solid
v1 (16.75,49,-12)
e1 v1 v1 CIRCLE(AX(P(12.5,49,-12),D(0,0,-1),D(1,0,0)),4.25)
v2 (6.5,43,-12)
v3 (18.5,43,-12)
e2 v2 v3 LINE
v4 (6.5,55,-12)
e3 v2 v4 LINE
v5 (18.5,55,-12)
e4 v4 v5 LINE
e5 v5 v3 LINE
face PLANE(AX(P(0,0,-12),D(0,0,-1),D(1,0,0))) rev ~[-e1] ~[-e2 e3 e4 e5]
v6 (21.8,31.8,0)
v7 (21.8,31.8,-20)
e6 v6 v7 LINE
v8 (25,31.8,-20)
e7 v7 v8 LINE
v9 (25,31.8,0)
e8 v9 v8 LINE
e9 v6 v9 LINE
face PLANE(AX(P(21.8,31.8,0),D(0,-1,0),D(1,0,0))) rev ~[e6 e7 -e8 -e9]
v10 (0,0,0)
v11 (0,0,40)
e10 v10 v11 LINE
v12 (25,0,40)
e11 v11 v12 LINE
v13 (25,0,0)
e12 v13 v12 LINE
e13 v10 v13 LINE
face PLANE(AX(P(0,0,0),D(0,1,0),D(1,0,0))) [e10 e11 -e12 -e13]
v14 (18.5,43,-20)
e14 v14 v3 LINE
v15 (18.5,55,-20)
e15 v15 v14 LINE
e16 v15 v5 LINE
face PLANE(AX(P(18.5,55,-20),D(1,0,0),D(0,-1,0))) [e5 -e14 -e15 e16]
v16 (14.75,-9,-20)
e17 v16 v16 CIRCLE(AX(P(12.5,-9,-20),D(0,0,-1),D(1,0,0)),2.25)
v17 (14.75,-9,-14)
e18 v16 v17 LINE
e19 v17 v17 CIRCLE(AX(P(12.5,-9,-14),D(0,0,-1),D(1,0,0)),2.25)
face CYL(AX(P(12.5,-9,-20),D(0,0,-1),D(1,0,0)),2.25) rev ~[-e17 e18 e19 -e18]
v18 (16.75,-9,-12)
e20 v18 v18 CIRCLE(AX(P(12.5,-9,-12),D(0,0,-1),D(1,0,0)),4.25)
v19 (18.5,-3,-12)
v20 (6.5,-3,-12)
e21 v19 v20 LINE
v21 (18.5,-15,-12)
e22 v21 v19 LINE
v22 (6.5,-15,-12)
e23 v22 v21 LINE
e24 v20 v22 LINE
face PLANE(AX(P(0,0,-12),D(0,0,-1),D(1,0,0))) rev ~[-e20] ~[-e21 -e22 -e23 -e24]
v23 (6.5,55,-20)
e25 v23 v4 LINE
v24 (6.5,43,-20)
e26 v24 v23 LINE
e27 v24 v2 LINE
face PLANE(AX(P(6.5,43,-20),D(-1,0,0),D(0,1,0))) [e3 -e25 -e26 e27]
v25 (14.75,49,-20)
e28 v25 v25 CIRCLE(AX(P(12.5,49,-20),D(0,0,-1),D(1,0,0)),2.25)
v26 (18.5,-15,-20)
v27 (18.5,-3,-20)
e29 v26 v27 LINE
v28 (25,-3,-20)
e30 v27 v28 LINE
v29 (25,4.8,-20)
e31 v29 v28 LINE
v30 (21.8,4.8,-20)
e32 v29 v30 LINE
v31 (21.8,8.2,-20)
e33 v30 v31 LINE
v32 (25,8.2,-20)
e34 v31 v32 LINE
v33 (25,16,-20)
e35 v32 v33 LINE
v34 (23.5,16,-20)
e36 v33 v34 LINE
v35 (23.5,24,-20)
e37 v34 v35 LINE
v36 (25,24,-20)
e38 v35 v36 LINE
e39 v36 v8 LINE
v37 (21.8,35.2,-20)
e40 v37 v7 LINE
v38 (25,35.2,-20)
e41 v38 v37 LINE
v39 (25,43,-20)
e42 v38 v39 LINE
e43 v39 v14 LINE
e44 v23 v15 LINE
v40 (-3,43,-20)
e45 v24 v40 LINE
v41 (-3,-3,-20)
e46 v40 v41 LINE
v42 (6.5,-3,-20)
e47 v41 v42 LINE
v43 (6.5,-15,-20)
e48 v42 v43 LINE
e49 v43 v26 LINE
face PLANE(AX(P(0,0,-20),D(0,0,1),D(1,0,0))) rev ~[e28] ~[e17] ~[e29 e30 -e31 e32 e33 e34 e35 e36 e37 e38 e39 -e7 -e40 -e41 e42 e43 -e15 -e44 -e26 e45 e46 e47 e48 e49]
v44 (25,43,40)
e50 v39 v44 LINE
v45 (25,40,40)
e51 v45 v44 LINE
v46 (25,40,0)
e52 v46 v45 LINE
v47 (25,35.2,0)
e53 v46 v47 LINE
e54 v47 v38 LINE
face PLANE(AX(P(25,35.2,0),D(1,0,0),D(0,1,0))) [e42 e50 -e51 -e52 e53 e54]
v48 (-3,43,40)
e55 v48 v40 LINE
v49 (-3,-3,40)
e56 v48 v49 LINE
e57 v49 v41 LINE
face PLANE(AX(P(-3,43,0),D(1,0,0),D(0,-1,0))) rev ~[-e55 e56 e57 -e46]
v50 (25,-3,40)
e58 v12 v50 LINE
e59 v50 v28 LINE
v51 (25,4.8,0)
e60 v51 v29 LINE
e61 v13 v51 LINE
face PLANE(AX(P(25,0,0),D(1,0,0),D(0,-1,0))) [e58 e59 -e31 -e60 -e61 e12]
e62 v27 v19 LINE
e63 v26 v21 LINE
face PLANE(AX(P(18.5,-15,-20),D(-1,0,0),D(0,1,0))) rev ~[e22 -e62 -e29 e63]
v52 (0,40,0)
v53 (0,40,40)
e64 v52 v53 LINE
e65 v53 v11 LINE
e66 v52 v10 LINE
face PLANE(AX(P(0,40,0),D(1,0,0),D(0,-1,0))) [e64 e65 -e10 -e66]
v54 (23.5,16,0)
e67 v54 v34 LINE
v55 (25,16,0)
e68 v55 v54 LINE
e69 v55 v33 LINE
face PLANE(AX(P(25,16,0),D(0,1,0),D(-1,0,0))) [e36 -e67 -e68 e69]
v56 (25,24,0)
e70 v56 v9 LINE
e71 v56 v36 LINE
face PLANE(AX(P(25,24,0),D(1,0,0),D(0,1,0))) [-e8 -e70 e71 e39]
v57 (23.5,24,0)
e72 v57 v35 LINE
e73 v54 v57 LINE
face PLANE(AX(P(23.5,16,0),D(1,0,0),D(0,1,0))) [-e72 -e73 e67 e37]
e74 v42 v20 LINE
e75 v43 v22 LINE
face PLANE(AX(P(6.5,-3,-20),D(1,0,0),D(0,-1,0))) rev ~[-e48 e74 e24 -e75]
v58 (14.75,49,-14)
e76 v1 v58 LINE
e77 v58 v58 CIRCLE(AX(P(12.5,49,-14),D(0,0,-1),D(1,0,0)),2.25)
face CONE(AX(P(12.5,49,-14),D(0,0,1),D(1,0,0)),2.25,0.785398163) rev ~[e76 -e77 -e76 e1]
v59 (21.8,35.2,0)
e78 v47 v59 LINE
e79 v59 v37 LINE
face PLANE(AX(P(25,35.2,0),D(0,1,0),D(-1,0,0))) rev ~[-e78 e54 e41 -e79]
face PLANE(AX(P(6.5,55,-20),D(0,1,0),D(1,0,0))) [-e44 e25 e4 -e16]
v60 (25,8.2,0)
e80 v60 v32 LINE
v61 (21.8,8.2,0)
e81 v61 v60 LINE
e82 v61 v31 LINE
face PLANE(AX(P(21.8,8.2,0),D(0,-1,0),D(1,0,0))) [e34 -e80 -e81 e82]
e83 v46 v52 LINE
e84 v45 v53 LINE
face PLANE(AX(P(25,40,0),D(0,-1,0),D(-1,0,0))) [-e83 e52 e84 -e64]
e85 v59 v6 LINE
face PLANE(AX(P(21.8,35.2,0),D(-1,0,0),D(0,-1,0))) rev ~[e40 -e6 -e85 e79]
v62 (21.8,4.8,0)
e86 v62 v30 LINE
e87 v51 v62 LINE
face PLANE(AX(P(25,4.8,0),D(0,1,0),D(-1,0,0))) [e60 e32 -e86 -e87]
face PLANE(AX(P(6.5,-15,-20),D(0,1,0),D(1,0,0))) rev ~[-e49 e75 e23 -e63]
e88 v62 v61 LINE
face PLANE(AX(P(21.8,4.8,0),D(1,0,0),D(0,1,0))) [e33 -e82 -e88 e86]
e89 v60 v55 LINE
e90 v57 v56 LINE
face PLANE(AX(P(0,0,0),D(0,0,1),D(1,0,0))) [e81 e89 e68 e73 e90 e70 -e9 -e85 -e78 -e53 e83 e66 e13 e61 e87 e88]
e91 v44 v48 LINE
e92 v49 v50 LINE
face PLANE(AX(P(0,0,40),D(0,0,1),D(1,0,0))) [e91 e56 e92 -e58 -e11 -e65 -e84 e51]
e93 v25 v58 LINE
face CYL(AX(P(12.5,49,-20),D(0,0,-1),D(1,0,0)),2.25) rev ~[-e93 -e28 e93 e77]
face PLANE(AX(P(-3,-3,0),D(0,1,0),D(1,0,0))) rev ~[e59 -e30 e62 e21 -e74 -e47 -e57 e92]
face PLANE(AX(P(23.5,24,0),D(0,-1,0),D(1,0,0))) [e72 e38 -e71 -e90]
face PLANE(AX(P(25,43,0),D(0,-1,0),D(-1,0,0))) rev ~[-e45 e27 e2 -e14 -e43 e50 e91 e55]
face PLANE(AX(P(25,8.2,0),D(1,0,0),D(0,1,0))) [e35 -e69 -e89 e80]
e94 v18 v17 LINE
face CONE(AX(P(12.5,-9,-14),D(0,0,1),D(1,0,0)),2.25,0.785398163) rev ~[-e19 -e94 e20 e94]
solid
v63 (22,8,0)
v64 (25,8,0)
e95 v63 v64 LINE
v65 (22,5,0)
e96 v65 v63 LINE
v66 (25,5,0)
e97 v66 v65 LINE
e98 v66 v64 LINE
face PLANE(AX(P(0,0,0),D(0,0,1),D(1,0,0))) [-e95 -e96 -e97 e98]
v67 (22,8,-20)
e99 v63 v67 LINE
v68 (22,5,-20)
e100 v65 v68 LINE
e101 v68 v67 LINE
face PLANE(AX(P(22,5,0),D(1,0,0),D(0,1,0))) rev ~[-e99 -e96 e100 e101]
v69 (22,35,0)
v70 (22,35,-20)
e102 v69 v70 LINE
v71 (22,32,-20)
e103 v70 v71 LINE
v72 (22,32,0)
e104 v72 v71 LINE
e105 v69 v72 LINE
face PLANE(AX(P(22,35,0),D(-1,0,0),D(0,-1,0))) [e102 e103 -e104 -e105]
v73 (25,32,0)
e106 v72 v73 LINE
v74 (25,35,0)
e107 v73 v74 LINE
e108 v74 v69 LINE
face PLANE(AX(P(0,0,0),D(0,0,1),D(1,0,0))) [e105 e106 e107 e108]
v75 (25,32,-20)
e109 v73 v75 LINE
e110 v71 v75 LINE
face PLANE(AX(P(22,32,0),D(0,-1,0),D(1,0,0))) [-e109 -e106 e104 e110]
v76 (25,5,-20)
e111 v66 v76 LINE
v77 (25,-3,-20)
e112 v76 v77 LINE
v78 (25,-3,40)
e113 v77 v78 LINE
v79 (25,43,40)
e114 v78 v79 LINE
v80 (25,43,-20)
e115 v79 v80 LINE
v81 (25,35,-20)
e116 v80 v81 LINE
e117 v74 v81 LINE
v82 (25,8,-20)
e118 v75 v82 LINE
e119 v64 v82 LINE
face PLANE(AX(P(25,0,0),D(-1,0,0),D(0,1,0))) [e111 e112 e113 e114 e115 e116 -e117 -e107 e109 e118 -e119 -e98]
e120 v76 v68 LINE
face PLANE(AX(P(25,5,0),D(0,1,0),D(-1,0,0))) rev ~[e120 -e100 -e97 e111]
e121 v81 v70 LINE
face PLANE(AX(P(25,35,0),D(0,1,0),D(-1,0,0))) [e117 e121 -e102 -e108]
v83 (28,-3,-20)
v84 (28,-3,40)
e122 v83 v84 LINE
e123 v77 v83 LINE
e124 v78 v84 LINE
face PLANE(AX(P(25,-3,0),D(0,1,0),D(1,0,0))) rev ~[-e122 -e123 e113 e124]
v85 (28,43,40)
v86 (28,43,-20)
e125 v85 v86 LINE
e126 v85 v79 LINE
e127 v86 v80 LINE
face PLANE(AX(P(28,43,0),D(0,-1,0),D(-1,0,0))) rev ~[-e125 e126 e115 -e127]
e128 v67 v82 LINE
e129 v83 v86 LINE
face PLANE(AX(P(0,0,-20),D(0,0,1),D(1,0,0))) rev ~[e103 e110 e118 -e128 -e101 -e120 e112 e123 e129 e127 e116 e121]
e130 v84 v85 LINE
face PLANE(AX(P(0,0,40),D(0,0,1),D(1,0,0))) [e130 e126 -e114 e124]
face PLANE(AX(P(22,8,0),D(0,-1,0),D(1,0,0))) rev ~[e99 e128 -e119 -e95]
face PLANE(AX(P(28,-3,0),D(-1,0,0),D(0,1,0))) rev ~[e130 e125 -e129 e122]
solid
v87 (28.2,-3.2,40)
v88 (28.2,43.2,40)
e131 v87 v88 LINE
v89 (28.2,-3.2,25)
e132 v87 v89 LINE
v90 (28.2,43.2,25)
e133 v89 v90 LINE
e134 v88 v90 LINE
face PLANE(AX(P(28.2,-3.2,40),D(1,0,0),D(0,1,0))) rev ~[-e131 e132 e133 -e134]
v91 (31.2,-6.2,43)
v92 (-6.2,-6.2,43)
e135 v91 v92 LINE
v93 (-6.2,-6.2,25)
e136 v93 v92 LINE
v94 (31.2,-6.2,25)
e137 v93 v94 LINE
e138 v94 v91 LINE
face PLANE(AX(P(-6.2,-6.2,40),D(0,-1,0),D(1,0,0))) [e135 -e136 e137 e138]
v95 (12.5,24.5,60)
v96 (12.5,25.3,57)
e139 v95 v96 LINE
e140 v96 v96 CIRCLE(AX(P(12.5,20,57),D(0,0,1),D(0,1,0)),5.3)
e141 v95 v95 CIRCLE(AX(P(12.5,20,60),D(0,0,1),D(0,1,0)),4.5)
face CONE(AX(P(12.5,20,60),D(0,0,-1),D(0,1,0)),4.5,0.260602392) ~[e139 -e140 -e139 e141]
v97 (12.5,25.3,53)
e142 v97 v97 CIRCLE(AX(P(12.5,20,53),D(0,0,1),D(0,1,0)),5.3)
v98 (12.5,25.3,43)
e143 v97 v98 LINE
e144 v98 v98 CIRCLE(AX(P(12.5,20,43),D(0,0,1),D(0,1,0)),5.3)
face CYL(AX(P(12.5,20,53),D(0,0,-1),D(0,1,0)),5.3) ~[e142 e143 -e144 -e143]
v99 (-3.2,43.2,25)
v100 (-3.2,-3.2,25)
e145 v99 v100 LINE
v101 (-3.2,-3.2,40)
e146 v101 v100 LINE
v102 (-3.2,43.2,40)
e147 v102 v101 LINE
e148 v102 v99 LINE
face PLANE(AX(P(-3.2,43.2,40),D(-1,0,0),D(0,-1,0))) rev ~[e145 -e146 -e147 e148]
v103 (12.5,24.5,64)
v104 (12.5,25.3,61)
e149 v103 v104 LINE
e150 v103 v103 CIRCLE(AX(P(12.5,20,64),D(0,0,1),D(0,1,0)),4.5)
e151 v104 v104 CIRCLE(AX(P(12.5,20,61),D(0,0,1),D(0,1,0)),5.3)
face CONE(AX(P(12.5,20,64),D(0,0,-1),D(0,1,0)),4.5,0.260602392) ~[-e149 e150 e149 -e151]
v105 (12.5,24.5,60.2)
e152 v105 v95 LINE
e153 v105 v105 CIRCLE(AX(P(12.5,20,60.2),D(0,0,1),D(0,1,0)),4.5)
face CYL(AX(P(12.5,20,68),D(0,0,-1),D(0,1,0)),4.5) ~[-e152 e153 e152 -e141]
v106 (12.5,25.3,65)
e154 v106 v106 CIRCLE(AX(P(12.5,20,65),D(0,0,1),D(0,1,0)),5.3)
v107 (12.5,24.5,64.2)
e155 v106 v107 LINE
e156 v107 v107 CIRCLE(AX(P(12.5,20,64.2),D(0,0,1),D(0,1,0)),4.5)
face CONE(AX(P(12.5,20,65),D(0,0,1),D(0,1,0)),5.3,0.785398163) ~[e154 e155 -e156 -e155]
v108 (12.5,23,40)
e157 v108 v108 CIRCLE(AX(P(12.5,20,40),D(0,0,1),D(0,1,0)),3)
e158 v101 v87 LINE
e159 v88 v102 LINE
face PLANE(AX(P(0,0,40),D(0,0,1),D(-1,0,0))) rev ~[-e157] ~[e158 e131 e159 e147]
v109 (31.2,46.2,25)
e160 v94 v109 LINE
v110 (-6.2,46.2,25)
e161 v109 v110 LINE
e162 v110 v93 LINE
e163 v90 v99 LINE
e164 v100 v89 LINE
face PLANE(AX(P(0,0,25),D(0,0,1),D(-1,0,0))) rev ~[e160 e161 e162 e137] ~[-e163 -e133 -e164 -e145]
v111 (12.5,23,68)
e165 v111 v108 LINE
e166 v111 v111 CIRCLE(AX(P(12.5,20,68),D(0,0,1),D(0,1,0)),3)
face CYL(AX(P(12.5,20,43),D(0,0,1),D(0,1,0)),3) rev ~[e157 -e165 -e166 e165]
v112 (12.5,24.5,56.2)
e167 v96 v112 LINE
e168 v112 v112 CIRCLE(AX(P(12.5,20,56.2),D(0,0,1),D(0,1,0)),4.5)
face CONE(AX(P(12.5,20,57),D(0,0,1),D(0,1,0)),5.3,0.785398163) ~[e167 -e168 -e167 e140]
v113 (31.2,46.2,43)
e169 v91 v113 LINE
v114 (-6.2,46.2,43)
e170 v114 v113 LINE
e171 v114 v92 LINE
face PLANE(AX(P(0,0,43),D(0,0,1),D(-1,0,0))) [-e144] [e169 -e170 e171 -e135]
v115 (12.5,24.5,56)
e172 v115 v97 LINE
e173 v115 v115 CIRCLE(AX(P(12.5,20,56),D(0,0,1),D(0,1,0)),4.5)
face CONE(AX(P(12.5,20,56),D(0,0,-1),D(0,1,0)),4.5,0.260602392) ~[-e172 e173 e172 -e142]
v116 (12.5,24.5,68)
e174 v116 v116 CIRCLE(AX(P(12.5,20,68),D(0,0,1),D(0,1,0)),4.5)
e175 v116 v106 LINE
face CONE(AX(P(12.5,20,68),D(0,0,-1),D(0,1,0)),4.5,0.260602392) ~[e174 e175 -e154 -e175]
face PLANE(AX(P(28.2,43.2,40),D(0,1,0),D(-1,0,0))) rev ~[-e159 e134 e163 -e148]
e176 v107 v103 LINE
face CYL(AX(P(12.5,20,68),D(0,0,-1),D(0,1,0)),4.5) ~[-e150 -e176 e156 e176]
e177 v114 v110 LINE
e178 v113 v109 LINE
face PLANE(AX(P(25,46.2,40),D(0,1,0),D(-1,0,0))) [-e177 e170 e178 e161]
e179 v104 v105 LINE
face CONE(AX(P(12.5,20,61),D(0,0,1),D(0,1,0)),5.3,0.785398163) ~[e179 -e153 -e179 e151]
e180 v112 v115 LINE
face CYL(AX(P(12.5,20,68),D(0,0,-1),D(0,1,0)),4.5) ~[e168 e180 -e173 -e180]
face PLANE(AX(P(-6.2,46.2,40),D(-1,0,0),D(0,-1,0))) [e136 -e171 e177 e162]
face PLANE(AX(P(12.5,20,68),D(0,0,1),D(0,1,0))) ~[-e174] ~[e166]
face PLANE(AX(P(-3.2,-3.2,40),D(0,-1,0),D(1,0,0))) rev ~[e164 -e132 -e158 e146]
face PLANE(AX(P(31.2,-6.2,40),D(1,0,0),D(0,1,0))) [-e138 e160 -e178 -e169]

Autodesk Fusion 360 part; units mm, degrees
sketch "Sketch1" plane through (0, 0, 0) normal (0, 0, 1) x (1, 0, 0)
  line L0 (0, 0) -> (25, 0)
  line L1 (25, 0) -> (25, 40)
  line L2 (25, 40) -> (0, 40)
  line L3 (0, 40) -> (0, 0)
  line L4 (-3, 43) -> (-3, -3)
  line L5 (-3, -3) -> (28, -3)
  line L6 (28, -3) -> (28, 43)
  line L7 (28, 43) -> (-3, 43)
  line L8 (25, 40) -> (25, 43)
  line L9 (25, 0) -> (25, -3)
  line L10 (23.5, 24) -> (25, 24)
  line L11 (25, 24) -> (25, 16)
  line L12 (25, 16) -> (23.5, 16)
  line L13 (23.5, 16) -> (23.5, 24)
  line L14 (25, 35) -> (22, 35)
  line L15 (22, 35) -> (22, 32)
  line L16 (22, 32) -> (25, 32)
  line L17 (25, 32) -> (25, 35)
  line L18 (0, 20) -> (28, 20) construction
  line L19 (22, 8) -> (25, 8)
  line L20 (25, 8) -> (25, 5)
  line L21 (22, 5) -> (22, 8)
  line L22 (25, 5) -> (22, 5)
  line L23 (25, 4.8) -> (21.8, 4.8)
  line L24 (21.8, 4.8) -> (21.8, 8.2)
  line L25 (21.8, 8.2) -> (25, 8.2)
  line L26 (25, 35.2) -> (21.8, 35.2)
  line L27 (21.8, 35.2) -> (21.8, 31.8)
  line L28 (21.8, 31.8) -> (25, 31.8)
  dimension "d1" = 25
  dimension "d2" = 40
  dimension "d3" = 3
  dimension "d4" = 1.5
  dimension "d5" = 8
  dimension "d14" = 3
  dimension "d15" = 3
  dimension "d16" = 5
  dimension "d17" = -0.2
  dimension "d18" = 0.2
extrude "Extrude1" add sketch "Sketch1" against normal blind 20 contours L0 L1 L2 L3 L10 L12 L13 L23 L24 L25 L26 L27 L28 | L0 L2 L3 L4 L5 L7 L8 L9 makes body 1 in component "chambermainhalf"
extrude "Extrude2" add sketch "Sketch1" along normal blind 40 contours L0 L2 L3 L4 L5 L7 L8 L9 bodies 1 in component "chambermainhalf"
extrude "Extrude1'" add sketch "Sketch1" along normal up to surface (40 mm away) and the other way up to surface (20 mm away) separate body contours L1 L5 L6 L7 L8 L9 L11 L17 L20 makes body 2 in component "chambersealplate"
extrude "Extrude2'" add sketch "Sketch1" against normal up to surface (20 mm away) contours L1 L19 L20 L21 L22 | L1 L14 L15 L16 L17 bodies 2 in component "chambersealplate"
sketch "Sketch1 (2)" plane through (0, 0, 40) normal (0, 0, 1) x (-1, 0, 0) in component "ChamberLid"
  line L0 (-25, -40) -> (-25, -43)
  line L1 (-25, -43) -> (3, -43)
  line L2 (3, -43) -> (3, 3)
  line L3 (3, 3) -> (-25, 3)
  line L4 (-25, 3) -> (-25, 0)
  line L5 (-25, 0) -> (0, 0)
  line L6 (0, 0) -> (0, -40)
  line L7 (0, -40) -> (-25, -40)
  line L8 (-25, -43) -> (-25, 3)
  line L9 (-25, 3) -> (-28, 3)
  line L10 (-28, 3) -> (-28, -43)
  line L11 (-28, -43) -> (-25, -43)
  line L12 (3.2, 3.2) -> (-25, 3.2)
  line L13 (-25, 3.2) -> (-28.2, 3.2)
  line L14 (-28.2, 3.2) -> (-28.2, -43.2)
  line L15 (-28.2, -43.2) -> (-25, -43.2)
  line L16 (-25, -43.2) -> (3.2, -43.2)
  line L17 (3.2, -43.2) -> (3.2, 3.2)
  line L18 (6.2, 6.2) -> (-25, 6.2)
  line L19 (-25, 6.2) -> (-31.2, 6.2)
  line L20 (-31.2, 6.2) -> (-31.2, -46.2)
  line L21 (-31.2, -46.2) -> (-25, -46.2)
  line L22 (-25, -46.2) -> (6.2, -46.2)
  line L23 (6.2, -46.2) -> (6.2, 6.2)
  dimension "d19" = 0.2
  dimension "d20" = 3.2
extrude "Extrude1''" add sketch "Sketch1 (2)" against normal blind 15 separate body contours L18 L19 L20 L21 L22 L23 makes body 3 in component "ChamberLid"
sketch "Sketch2" plane through (0, 0, 40) normal (0, 0, 1) x (-1, 0, 0) in component "ChamberLid"
  line L0 (3.2, 3.2) -> (3.2, -43.2)
  line L1 (3.2, -43.2) -> (-25, -43.2)
  line L2 (-25, -43.2) -> (-28.2, -43.2)
  line L3 (-28.2, -43.2) -> (-28.2, 3.2)
  line L4 (-28.2, 3.2) -> (-25, 3.2)
  line L5 (-25, 3.2) -> (3.2, 3.2)
  line L6 (6.2, -46.2) -> (6.2, 6.2)
  line L7 (6.2, 6.2) -> (-25, 6.2)
  line L8 (-25, 6.2) -> (-31.2, 6.2)
  line L9 (-31.2, 6.2) -> (-31.2, -46.2)
  line L10 (-31.2, -46.2) -> (-25, -46.2)
  line L11 (-25, -46.2) -> (6.2, -46.2)
extrude "Extrude2''" add sketch "Sketch2" along normal blind 3 contours L0 L1 L2 L3 L4 L5 | L6 L7 L8 L9 L10 L11 bodies 3 in component "ChamberLid"
ref_plane "WorkPlane1" through (12.5, 20, 34) normal (-1, 0, 0) x (0, 1, 0) in component "ChamberLid"
sketch "Sketch3" plane through (12.5, 20, 34) normal (-1, 0, 0) x (0, 1, 0) in component "ChamberLid"
  line L0 (-26.2, -9) -> (26.2, -9)
  line L1 (0, -9) -> (0, -35) construction
  line L2 (5, -9) -> (5, -35) construction
  line L3 (4.5, -9) -> (3, -9)
  line L4 (3, -9) -> (3, -34)
  line L5 (3, -34) -> (4.5, -34)
  line L6 (4.5, -34) -> (4.5, -9)
  line L7 (4.5, -34) -> (5.3, -31)
  line L8 (5.3, -31) -> (4.5, -31)
  line L9 (5.3, -31) -> (4.5, -30.2)
  line L10 (4.5, -30) -> (5.3, -27)
  line L11 (5.3, -27) -> (4.5, -27)
  line L12 (5.3, -27) -> (4.5, -26.2)
  line L13 (4.5, -26) -> (5.3, -23)
  line L14 (5.3, -23) -> (4.5, -23)
  line L15 (5.3, -23) -> (4.5, -22.2)
  line L16 (4.5, -22) -> (5.3, -19)
  line L17 (5.3, -19) -> (4.5, -19)
  line L18 (5.3, -19) -> (4.5, -18.2)
  line L19 (5.3, -19) -> (5.3, -9)
  dimension "d25" = 5
  dimension "d26" = 1.5
  dimension "d27" = 25
  dimension "d28" = 0.5
  dimension "d29" = 3
  dimension "d30" = 0.8
  dimension "d31" = 45
  dimension "d34" = 0
  dimension "d35" = 4
revolve "Revolve1" add sketch "Sketch3" angle 360 about axis through (12.5, 20, 43) along (0, 0, 1) bodies 3 in component "ChamberLid"
extrude "Extrude3" cut 1 faces at (11.9171, 21.8898, 43) along direction (0, 0, -1) through all on bodies 3 bodies 3 in component "ChamberLid"
sketch "Sketch1 (3)" plane through (0, 0, -20) normal (0, 0, -1) x (1, 0, 0) in component "chambermainhalf"
  line L0 (25, -43) -> (25, -35.2)
  line L1 (25, -35.2) -> (21.8, -35.2)
  line L2 (21.8, -35.2) -> (21.8, -31.8)
  line L3 (21.8, -31.8) -> (25, -31.8)
  line L4 (25, -31.8) -> (25, -24)
  line L5 (25, -24) -> (23.5, -24)
  line L6 (23.5, -24) -> (23.5, -16)
  line L7 (23.5, -16) -> (25, -16)
  line L8 (25, -16) -> (25, -8.2)
  line L9 (25, -8.2) -> (21.8, -8.2)
  line L10 (21.8, -8.2) -> (21.8, -4.8)
  line L11 (21.8, -4.8) -> (25, -4.8)
  line L12 (25, -4.8) -> (25, 3)
  line L13 (25, 3) -> (-3, 3)
  line L14 (-3, 3) -> (-3, -43)
  line L15 (-3, -43) -> (25, -43)
  line L16 (6.5, 15) -> (18.5, 15)
  line L17 (18.5, 15) -> (18.5, 3)
  line L18 (18.5, 3) -> (6.5, 3)
  line L19 (6.5, 3) -> (6.5, 15)
  line L20 (28, 3) -> (25, 3) construction
  line L21 (25, 3) -> (25, -5) construction
  line L22 (25, -5) -> (22, -5) construction
  line L23 (22, -5) -> (22, -8) construction
  line L24 (22, -8) -> (25, -8) construction
  line L25 (25, -8) -> (25, -32) construction
  line L26 (25, -32) -> (22, -32) construction
  line L27 (22, -32) -> (22, -35) construction
  line L28 (22, -35) -> (25, -35) construction
  line L29 (25, -35) -> (25, -43) construction
  line L30 (25, -43) -> (28, -43) construction
  line L31 (28, -43) -> (28, 3) construction
  line L32 (28, 3) -> (-3, 3) construction
  line L33 (-3, -20) -> (23.5, -20) construction
  line L34 (6.5, -43) -> (6.5, -55)
  line L35 (18.5, -55) -> (18.5, -43)
  line L36 (18.5, -43) -> (6.5, -43)
  line L37 (6.5, -55) -> (18.5, -55)
  line L38 (12.5, 15) -> (12.5, 3) construction
  circle A0 centre (12.5, 9) radius 2.25
  circle A1 centre (12.5, -49) radius 2.25
  dimension "d40" = 12
  dimension "d41" = 12
  dimension "d44" = 4.5
extrude "Extrude3'" add sketch "Sketch1 (3)" against normal blind 8 contours L15 L34 L35 L36 L37 | L13 L16 L17 L18 L19 bodies 1 in component "chambermainhalf"
chamfer "Chamfer1" distance 2 angle 45 2 edges at (10.4023, -8.1864, -12) (10.4023, 49.8136, -12) on bodies 1 in component "chambermainhalf"
component "chambermainhalf" placed x (1, 0, 0) y (0, 1, 0) z (0, 0, 1) at (0, 0, 0)
component "chambersealplate" placed x (1, 0, 0) y (0, 1, 0) z (0, 0, 1) at (0, 0, 0)
component "ChamberLid" placed x (1, 0, 0) y (0, 1, 0) z (0, 0, 1) at (0, 0, 0)
